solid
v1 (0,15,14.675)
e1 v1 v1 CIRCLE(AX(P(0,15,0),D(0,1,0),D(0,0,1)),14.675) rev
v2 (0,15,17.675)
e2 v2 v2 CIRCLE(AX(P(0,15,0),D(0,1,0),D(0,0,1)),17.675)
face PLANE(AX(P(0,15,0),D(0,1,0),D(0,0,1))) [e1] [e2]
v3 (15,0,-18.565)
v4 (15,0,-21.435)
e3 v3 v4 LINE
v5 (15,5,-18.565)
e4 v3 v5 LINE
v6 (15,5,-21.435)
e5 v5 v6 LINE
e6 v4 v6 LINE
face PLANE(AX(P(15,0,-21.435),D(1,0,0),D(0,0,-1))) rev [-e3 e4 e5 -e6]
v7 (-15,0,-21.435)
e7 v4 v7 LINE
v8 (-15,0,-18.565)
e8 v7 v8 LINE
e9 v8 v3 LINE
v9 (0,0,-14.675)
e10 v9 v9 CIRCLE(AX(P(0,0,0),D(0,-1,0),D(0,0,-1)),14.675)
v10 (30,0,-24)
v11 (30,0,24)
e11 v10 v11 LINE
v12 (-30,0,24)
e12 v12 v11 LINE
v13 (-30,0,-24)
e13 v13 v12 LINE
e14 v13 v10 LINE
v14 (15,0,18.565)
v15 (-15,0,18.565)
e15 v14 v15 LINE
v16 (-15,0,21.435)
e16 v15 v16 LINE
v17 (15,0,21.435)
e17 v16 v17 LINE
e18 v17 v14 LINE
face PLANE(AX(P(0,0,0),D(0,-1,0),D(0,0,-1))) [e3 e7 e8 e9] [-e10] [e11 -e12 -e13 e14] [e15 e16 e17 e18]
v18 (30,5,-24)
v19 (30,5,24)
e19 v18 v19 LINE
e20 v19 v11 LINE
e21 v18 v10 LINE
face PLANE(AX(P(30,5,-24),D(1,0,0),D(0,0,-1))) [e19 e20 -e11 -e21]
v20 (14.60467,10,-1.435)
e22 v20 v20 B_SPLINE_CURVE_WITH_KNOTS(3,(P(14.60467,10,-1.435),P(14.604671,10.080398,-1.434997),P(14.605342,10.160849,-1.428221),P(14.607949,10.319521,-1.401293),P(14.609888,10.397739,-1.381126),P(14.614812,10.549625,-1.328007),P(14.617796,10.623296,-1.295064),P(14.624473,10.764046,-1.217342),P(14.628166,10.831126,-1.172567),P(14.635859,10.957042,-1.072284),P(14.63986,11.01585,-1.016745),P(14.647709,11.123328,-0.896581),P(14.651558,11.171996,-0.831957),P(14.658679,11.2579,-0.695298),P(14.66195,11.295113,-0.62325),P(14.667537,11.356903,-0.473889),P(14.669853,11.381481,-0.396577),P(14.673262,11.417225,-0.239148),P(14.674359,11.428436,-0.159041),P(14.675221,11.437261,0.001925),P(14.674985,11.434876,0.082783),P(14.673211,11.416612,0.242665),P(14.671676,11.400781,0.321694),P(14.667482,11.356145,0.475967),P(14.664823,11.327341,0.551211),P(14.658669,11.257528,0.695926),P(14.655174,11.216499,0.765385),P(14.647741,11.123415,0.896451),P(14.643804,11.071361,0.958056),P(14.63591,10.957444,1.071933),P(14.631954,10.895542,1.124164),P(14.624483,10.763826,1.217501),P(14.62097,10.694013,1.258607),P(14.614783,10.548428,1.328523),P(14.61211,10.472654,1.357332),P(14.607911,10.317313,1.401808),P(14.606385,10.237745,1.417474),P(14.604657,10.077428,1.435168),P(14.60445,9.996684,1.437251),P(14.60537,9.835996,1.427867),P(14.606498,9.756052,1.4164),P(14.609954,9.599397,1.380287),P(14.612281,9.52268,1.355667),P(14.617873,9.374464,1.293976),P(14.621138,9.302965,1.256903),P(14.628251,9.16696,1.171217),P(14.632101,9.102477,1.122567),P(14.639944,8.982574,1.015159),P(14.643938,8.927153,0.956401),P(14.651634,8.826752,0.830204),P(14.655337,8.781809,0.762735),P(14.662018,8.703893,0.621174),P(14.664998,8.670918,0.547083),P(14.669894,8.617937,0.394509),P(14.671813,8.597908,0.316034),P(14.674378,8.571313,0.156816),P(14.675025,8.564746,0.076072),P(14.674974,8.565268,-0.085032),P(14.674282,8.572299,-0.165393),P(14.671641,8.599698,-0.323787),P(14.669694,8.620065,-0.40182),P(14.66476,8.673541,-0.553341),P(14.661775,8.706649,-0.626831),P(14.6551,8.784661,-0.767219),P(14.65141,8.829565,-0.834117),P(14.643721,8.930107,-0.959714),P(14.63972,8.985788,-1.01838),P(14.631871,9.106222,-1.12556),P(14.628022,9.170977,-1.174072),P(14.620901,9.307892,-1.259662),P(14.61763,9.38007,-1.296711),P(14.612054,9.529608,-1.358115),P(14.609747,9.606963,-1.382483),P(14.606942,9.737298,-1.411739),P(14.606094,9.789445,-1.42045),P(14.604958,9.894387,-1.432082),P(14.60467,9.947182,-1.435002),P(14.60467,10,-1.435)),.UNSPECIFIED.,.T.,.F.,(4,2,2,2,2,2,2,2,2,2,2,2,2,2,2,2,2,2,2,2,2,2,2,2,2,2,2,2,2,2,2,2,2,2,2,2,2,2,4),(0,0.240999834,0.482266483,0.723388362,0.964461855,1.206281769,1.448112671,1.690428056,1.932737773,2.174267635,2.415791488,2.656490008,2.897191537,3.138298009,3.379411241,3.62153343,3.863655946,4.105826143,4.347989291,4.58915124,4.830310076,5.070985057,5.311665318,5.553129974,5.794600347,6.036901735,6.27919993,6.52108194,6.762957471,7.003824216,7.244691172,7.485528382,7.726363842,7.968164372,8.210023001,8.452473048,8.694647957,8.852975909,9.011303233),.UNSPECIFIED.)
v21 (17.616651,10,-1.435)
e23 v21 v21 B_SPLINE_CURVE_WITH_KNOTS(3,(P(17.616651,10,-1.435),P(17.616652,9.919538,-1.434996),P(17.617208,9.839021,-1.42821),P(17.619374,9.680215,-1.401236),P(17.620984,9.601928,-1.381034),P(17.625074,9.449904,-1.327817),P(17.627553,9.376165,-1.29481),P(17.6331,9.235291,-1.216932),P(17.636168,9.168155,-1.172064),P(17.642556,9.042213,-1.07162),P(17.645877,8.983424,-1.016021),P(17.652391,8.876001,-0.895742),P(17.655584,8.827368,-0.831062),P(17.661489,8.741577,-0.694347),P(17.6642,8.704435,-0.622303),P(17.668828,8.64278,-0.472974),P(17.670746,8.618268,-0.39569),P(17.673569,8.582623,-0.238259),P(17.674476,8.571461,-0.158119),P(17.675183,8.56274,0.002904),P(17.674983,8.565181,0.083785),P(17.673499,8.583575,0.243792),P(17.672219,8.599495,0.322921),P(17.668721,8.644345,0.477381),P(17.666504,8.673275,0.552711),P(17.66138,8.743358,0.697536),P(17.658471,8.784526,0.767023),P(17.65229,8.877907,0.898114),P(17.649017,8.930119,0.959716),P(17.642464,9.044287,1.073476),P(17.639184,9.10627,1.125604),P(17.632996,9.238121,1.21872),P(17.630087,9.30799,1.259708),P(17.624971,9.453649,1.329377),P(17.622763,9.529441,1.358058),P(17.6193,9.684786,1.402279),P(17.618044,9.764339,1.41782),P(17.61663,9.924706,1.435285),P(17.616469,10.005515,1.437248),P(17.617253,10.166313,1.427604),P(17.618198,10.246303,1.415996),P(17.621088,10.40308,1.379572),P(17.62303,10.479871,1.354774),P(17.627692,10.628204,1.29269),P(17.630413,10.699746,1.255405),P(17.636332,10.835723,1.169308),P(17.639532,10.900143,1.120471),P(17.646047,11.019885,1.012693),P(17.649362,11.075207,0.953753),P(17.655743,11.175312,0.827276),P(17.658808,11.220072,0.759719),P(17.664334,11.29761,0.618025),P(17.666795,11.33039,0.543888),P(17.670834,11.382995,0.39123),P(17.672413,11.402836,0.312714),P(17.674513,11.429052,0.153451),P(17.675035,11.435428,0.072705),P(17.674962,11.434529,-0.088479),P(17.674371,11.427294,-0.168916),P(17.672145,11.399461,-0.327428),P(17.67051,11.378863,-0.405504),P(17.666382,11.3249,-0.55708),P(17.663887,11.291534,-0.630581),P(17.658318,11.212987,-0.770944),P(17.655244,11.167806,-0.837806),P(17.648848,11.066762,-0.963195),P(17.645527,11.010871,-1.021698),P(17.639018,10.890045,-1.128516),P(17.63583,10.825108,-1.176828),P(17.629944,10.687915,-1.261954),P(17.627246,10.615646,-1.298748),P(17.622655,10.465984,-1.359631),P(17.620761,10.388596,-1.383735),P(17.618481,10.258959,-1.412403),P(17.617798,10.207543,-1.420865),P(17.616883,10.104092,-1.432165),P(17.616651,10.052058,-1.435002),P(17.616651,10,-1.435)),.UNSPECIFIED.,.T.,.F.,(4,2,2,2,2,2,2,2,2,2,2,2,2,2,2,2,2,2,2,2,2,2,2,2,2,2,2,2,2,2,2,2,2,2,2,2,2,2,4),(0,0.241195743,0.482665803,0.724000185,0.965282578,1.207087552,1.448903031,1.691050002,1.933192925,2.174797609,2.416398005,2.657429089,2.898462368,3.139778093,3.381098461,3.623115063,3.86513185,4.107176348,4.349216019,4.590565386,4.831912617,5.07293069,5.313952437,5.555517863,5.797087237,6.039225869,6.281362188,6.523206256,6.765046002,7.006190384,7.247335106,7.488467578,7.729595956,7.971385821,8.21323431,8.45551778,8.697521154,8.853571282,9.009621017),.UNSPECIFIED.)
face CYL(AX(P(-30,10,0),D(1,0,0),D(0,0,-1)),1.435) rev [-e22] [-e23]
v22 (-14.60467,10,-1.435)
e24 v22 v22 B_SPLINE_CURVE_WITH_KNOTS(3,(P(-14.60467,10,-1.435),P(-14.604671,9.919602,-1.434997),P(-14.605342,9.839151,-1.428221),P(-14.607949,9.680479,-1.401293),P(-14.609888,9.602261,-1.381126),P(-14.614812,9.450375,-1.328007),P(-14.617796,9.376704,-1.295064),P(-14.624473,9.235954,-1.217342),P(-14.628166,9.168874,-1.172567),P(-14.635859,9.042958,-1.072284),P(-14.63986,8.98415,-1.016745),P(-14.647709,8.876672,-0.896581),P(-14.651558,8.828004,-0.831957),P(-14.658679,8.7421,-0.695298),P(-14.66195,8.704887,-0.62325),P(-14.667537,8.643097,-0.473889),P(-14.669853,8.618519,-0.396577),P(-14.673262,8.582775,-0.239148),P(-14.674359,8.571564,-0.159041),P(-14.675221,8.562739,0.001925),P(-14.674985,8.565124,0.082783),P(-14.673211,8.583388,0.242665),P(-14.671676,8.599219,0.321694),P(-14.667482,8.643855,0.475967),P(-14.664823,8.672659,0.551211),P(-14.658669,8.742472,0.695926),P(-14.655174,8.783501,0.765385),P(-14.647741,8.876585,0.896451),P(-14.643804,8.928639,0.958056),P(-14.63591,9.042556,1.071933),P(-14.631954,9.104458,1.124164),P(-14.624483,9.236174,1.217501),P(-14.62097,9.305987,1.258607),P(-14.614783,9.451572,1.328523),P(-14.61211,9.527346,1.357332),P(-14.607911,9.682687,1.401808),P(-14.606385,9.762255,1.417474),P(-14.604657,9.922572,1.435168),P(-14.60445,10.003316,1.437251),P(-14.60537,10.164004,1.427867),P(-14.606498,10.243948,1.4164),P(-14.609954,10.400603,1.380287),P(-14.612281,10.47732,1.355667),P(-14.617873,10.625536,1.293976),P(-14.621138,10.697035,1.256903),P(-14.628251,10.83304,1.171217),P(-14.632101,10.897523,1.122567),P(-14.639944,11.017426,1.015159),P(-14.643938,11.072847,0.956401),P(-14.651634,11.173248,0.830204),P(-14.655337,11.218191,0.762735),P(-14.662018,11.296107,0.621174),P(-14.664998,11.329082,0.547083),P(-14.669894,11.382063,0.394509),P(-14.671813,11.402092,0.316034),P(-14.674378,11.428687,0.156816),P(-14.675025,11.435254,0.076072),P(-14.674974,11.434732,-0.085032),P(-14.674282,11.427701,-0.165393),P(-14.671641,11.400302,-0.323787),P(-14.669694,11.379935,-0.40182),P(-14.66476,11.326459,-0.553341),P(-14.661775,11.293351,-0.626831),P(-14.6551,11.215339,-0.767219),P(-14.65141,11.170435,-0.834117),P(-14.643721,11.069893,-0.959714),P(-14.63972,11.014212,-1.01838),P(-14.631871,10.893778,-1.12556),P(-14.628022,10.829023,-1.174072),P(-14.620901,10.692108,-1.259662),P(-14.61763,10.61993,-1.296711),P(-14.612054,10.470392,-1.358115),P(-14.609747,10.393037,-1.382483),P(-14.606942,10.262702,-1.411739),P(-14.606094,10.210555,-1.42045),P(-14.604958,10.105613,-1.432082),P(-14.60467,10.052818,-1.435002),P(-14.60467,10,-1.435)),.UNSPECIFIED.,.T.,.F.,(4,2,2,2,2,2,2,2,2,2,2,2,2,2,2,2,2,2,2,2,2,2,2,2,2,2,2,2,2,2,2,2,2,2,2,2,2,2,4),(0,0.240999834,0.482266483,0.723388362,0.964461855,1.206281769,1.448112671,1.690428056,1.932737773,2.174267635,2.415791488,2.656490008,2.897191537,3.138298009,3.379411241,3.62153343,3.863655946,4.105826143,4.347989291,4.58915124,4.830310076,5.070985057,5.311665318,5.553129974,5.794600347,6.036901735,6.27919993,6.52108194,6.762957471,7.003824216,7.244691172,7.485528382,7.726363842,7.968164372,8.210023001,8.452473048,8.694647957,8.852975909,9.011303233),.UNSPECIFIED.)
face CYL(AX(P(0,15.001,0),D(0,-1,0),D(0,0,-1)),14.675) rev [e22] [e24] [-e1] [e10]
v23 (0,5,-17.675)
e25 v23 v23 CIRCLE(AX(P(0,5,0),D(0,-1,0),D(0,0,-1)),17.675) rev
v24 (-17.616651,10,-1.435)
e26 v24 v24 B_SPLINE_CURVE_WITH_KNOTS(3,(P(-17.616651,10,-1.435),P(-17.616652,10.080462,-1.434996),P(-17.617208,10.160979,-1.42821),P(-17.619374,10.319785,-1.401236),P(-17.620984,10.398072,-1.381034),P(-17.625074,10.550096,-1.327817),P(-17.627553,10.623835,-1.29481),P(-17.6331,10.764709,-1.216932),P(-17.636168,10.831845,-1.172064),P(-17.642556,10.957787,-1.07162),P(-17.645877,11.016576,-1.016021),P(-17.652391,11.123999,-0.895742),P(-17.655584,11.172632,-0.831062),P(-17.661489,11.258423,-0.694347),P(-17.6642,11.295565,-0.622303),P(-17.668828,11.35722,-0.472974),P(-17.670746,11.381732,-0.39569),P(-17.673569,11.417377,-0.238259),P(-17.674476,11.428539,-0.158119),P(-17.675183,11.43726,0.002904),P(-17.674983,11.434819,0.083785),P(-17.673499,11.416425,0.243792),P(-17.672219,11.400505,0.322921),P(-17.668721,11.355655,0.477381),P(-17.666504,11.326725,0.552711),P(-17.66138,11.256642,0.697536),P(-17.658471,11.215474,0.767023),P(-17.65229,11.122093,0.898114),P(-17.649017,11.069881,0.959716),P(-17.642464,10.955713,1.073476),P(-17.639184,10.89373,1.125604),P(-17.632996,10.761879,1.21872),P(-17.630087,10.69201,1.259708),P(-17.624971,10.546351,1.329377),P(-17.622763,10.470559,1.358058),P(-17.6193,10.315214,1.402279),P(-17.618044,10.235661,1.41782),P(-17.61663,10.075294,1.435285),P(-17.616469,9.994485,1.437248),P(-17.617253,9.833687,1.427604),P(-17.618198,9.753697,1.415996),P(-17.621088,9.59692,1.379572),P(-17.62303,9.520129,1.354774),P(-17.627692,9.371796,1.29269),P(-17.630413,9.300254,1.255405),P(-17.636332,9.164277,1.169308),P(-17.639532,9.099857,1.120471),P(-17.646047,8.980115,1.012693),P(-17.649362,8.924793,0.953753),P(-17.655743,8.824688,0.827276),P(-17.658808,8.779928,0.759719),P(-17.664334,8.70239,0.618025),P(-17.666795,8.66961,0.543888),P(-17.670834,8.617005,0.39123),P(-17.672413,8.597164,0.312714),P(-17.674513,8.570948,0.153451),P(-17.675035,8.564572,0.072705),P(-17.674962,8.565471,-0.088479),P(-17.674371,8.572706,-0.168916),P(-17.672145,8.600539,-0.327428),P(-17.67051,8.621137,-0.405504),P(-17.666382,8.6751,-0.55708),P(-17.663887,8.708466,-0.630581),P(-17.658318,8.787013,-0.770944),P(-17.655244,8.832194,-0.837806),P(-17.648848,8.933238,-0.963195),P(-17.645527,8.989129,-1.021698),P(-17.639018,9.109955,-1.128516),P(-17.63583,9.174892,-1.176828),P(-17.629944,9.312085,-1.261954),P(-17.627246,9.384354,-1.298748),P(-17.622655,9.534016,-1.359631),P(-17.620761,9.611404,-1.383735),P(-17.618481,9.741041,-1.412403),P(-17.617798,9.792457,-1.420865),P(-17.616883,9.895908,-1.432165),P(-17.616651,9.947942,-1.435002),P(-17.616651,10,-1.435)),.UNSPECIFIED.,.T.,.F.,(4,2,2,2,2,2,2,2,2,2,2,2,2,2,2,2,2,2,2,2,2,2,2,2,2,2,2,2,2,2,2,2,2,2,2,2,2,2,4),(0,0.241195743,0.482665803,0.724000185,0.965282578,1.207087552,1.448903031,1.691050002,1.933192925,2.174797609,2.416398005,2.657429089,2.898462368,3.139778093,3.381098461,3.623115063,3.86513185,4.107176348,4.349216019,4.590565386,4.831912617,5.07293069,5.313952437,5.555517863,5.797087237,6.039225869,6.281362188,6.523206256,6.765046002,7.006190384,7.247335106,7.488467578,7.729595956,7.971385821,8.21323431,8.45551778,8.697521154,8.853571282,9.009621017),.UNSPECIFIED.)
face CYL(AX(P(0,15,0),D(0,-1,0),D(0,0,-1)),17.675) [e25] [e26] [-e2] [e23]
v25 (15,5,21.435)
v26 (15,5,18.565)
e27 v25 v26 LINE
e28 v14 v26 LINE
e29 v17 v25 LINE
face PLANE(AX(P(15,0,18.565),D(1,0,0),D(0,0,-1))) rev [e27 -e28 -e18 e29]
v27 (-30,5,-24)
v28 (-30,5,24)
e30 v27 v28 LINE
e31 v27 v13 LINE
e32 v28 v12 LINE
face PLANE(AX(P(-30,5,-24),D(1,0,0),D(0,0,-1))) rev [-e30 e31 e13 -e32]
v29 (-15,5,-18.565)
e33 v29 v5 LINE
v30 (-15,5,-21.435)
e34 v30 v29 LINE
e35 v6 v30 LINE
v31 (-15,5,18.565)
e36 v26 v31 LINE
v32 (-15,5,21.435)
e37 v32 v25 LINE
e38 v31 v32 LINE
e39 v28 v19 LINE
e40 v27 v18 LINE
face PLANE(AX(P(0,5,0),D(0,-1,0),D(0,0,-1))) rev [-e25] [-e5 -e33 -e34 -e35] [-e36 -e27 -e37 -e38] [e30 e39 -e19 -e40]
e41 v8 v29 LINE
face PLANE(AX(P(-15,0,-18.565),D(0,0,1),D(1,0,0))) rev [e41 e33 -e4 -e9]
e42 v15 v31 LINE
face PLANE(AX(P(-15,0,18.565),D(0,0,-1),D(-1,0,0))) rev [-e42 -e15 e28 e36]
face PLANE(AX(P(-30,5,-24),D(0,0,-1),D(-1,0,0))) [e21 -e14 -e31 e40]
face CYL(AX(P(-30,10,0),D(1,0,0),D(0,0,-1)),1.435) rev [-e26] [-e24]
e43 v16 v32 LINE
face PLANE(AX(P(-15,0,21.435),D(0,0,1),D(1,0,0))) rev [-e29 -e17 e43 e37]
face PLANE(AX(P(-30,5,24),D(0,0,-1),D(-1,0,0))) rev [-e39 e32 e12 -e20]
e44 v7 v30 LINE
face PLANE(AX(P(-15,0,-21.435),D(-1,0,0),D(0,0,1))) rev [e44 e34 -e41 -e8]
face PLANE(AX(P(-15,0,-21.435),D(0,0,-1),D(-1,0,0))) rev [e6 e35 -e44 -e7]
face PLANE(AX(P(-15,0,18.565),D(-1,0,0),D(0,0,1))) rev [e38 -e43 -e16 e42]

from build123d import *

# Parameters (mm, degrees)
CROQUIS1_W                 = 60
CROQUIS1_H                 = 48
SALIENTE_EXTRUIR1_DEPTH    = 5
CROQUIS2_R                 = 17.675
SALIENTE_EXTRUIR2_DEPTH    = 10
CORTAR_EXTRUIR1_REACH      = 17
CROQUIS3_R                 = 14.675
CROQUIS5_W                 = 30
CROQUIS5_H                 = 2.87
CORTAR_EXTRUIR2_DEPTH      = 6
CROQUIS6_R                 = 1.435
CORTAR_EXTRUIR3_DEPTH      = 31
CORTAR_EXTRUIR3_DEPTH_BACK = 31


with BuildPart() as part:
    # Croquis1 → Saliente-Extruir1 (new body)
    with BuildSketch(Plane(origin=(0, 0, 0), x_dir=(1, 0, 0), z_dir=(0, 1, 0))):
        Rectangle(CROQUIS1_W, CROQUIS1_H)
    extrude(amount=SALIENTE_EXTRUIR1_DEPTH)

    # Croquis2 → Saliente-Extruir2 (add)
    with BuildSketch(Plane(origin=(0, 5, 0), x_dir=(1, 0, 0), z_dir=(0, 1, 0))):
        Circle(CROQUIS2_R)
    extrude(amount=SALIENTE_EXTRUIR2_DEPTH)

    # Croquis3 → Cortar-Extruir1 (cut, up to next)
    with BuildSketch(Plane.XZ, mode=Mode.PRIVATE) as cortar_extruir1_sk1:
        Circle(CROQUIS3_R)
    cortar_extruir1_tool1 = extrude(cortar_extruir1_sk1.sketch, amount=-CORTAR_EXTRUIR1_REACH, mode=Mode.PRIVATE) & part.part
    add(cortar_extruir1_tool1.solids().sort_by_distance((0, 0, 0))[0], mode=Mode.SUBTRACT)

    # Croquis5 → Cortar-Extruir2 (cut, through all)
    with BuildSketch(Plane(origin=(0, 5, 0), x_dir=(1, 0, 0), z_dir=(0, 1, 0))):
        with Locations((0, 20)):
            Rectangle(CROQUIS5_W, CROQUIS5_H)
        with Locations((0, -20)):
            Rectangle(CROQUIS5_W, CROQUIS5_H)
    extrude(amount=-CORTAR_EXTRUIR2_DEPTH, mode=Mode.SUBTRACT)

    # Croquis6 → Cortar-Extruir3 (cut, two sides)
    with BuildSketch(Plane(origin=(0, 0, 0), x_dir=(0, 0, -1), z_dir=(1, 0, 0))) as cortar_extruir3_sk:
        with Locations((0, 10)):
            Circle(CROQUIS6_R)
    extrude(amount=CORTAR_EXTRUIR3_DEPTH, mode=Mode.SUBTRACT)
    extrude(cortar_extruir3_sk.sketch, amount=-CORTAR_EXTRUIR3_DEPTH_BACK, mode=Mode.SUBTRACT)


solid = part.part
